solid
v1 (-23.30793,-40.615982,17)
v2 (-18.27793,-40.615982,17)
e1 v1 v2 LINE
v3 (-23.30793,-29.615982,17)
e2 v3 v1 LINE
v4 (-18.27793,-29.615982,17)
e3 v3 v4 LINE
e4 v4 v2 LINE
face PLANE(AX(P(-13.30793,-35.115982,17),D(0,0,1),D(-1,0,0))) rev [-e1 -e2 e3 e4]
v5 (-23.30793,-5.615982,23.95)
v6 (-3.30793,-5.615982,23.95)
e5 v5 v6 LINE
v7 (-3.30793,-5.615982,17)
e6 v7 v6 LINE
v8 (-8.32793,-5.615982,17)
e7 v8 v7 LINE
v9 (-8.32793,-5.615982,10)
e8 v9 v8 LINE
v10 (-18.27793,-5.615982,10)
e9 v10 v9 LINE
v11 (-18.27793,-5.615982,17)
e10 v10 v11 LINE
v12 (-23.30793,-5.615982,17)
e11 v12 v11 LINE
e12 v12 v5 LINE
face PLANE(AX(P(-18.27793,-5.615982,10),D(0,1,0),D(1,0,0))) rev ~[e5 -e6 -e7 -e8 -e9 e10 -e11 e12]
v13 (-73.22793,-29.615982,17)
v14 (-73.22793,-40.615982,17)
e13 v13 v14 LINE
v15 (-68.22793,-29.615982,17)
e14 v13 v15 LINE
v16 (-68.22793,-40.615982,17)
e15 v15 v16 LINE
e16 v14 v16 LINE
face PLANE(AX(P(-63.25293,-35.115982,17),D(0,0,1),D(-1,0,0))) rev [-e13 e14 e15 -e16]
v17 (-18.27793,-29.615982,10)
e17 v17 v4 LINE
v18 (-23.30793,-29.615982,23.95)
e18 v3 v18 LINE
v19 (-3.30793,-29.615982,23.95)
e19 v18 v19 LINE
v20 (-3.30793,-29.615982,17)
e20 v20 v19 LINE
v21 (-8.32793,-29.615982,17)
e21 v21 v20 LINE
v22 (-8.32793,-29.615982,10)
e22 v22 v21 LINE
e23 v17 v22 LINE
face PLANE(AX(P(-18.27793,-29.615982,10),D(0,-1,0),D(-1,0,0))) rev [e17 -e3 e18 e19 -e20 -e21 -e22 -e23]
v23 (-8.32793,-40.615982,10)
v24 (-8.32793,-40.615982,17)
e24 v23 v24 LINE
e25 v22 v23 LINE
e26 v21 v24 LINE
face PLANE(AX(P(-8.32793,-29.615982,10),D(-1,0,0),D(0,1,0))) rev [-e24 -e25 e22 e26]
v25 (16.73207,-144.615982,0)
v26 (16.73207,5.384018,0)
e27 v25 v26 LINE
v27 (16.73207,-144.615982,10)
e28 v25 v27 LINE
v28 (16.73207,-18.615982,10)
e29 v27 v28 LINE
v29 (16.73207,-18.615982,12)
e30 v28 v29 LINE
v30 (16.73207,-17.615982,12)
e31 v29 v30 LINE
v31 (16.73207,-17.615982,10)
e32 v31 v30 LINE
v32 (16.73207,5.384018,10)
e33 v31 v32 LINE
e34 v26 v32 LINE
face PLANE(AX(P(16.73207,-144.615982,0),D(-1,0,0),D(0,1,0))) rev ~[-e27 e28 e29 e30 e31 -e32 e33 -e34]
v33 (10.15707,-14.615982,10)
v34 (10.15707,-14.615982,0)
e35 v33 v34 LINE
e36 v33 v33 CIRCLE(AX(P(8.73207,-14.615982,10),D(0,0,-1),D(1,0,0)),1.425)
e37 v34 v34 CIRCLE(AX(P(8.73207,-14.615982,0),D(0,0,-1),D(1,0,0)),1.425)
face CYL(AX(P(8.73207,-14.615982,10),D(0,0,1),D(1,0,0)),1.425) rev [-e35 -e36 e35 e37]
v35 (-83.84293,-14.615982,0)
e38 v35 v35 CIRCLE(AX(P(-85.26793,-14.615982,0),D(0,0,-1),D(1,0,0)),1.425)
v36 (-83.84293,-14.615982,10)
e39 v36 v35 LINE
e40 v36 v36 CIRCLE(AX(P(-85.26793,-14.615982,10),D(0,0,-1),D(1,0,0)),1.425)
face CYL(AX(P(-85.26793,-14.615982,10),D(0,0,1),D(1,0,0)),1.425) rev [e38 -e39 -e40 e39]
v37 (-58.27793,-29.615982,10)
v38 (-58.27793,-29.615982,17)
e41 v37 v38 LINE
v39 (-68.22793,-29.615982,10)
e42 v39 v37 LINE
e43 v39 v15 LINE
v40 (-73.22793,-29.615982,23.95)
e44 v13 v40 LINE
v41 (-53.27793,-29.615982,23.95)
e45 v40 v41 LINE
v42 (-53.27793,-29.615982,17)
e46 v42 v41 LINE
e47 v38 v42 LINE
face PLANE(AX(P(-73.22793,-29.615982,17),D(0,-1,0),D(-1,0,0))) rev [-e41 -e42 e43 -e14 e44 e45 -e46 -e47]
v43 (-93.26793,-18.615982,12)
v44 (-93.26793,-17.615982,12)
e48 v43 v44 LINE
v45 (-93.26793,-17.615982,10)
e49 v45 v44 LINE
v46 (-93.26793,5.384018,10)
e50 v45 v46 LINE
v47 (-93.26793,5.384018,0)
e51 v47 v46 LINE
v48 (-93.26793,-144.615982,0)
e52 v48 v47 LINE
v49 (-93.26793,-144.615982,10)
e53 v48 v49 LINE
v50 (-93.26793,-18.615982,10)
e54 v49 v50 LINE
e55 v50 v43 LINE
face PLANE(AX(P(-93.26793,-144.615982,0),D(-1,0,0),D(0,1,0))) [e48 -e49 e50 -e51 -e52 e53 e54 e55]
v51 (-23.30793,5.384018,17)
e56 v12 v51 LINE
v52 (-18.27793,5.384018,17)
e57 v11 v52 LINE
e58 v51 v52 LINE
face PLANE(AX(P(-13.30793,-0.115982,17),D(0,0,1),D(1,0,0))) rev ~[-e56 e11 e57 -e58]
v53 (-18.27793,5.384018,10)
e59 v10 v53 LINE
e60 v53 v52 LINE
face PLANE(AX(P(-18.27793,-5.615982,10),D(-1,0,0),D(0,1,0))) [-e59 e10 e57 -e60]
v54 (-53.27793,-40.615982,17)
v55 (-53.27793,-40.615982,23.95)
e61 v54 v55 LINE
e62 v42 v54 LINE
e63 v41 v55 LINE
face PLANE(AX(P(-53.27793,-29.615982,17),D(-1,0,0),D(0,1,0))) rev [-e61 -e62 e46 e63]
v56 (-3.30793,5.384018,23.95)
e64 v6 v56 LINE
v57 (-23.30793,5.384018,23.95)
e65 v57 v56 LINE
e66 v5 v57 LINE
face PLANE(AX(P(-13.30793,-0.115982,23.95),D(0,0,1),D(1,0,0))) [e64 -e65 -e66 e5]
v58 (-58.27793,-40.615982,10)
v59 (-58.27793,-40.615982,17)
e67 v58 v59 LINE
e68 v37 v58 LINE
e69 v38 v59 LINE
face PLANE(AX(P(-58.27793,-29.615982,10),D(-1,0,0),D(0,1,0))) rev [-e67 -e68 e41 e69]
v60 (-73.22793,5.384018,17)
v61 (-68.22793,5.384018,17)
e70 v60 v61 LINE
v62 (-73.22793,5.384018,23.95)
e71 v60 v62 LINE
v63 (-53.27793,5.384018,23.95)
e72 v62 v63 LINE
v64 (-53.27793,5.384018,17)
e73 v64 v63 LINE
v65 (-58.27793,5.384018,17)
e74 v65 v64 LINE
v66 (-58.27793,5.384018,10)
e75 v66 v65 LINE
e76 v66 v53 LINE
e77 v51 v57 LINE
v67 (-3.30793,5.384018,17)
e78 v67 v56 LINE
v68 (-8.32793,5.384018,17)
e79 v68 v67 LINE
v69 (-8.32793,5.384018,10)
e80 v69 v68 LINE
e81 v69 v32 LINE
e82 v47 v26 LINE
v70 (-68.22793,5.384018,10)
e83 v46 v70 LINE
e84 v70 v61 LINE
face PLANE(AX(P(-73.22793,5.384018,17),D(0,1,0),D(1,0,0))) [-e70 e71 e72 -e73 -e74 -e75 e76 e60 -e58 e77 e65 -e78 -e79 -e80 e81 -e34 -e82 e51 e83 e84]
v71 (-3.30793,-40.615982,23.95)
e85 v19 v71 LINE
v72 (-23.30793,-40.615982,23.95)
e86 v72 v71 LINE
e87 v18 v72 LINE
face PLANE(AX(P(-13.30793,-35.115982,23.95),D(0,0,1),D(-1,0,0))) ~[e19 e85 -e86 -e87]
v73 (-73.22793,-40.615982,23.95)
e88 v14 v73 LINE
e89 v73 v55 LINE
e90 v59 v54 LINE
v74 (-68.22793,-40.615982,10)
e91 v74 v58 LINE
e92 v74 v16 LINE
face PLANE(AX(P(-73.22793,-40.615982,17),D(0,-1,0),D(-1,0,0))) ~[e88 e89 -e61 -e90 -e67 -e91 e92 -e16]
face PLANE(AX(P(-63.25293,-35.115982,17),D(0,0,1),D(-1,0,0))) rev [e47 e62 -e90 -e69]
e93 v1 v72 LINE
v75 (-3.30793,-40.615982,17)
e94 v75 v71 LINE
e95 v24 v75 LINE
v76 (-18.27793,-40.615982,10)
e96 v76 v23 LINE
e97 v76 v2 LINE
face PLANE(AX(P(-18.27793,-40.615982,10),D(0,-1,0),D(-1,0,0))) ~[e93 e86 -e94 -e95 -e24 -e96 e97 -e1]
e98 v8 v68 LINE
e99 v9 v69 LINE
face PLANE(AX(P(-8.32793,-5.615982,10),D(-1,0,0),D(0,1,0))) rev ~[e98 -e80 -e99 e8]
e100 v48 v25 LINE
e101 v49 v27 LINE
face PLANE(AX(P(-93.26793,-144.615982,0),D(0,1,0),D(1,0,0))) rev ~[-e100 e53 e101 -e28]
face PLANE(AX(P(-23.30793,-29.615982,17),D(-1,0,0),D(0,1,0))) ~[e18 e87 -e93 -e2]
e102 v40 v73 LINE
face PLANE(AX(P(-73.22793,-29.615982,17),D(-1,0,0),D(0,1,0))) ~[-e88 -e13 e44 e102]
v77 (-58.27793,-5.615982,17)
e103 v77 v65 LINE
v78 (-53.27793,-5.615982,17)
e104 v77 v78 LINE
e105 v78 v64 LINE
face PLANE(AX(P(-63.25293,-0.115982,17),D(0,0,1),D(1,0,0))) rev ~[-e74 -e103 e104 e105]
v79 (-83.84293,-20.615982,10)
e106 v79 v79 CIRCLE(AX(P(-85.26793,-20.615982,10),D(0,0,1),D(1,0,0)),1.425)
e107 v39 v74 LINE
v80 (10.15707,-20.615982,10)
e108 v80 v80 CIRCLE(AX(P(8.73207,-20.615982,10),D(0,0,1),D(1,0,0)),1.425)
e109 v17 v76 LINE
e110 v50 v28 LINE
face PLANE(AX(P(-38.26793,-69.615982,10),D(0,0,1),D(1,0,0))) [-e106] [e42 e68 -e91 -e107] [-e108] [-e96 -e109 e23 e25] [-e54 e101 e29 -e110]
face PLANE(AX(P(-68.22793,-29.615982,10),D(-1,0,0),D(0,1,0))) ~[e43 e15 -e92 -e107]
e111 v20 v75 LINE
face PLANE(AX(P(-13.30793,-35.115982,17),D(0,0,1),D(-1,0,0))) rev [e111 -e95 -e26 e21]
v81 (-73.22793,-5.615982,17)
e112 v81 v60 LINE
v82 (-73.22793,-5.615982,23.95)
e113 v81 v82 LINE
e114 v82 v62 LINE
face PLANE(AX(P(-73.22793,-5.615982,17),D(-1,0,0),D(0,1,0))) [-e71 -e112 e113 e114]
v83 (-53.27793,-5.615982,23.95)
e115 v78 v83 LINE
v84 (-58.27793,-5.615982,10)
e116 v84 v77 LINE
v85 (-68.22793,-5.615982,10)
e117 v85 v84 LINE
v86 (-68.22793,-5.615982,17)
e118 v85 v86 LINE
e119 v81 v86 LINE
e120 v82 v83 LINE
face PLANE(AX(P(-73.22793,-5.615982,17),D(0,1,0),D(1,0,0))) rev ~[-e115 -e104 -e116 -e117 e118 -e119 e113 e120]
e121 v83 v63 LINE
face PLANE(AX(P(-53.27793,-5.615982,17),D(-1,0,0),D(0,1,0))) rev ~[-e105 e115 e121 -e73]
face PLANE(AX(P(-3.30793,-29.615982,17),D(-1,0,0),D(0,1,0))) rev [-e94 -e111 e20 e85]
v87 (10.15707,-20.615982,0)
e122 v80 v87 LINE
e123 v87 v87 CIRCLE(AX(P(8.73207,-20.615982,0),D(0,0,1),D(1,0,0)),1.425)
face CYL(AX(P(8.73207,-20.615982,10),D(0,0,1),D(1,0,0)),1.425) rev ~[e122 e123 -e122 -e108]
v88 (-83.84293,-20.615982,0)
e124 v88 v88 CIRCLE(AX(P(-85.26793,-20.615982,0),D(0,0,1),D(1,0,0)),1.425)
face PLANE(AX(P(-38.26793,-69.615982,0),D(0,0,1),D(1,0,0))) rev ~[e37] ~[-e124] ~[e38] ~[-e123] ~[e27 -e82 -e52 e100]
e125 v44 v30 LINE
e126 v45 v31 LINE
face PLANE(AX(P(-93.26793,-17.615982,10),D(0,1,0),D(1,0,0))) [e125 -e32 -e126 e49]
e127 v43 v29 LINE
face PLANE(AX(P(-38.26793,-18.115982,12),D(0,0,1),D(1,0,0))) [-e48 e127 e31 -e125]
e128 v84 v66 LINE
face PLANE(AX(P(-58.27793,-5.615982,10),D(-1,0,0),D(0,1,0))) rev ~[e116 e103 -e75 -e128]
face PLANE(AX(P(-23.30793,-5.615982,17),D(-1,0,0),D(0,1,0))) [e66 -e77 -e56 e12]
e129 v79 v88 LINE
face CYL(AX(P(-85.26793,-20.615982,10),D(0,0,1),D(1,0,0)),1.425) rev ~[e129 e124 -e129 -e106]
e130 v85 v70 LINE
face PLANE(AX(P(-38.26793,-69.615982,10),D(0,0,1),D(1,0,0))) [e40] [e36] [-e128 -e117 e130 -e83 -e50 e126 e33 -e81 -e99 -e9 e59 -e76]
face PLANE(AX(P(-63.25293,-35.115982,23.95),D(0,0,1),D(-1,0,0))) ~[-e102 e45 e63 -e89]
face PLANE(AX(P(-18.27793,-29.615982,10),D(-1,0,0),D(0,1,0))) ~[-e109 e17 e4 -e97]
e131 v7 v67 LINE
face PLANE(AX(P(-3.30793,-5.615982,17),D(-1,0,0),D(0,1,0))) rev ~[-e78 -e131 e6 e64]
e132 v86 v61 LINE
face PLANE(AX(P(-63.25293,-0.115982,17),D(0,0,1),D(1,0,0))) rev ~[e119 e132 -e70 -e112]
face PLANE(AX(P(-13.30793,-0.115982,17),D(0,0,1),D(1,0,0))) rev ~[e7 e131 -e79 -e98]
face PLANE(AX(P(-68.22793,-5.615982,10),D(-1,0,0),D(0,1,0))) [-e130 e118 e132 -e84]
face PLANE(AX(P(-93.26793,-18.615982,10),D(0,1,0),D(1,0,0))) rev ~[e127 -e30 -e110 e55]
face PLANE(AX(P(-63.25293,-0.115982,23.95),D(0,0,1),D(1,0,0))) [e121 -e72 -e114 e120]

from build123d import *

# Parameters (mm, degrees)
SKETCH1_W           = 110
SKETCH1_H           = 150
BOSS_EXTRUDE1_DEPTH = 10
SKETCH2_W           = 9.95
SKETCH2_H           = 11
BOSS_EXTRUDE2_DEPTH = 7
SKETCH3_W           = 19.95
SKETCH3_H           = 11
SKETCH3_W_2         = 20
BOSS_EXTRUDE3_DEPTH = 6.95
SKETCH6_R           = 1.425
CUT_EXTRUDE1_DEPTH  = 10
SKETCH7_W           = 110
SKETCH7_H           = 1
BOSS_EXTRUDE4_DEPTH = 2


with BuildPart() as part:
    # Sketch1 → Boss-Extrude1 (new body)
    with BuildSketch(Plane.XY):
        with Locations((-38.267930395, -69.615981522)):
            Rectangle(SKETCH1_W, SKETCH1_H)
    extrude(amount=BOSS_EXTRUDE1_DEPTH)

    # Sketch2 → Boss-Extrude2 (add)
    with BuildSketch(Plane.XY.offset(10)):
        with Locations((-63.252930395, -0.115981522)):
            Rectangle(SKETCH2_W, SKETCH2_H)
        with Locations((-13.302930395, -0.115981522)):
            Rectangle(SKETCH2_W, SKETCH2_H)
    boss_extrude2 = extrude(amount=BOSS_EXTRUDE2_DEPTH)

    # Sketch3 → Boss-Extrude3 (add)
    with BuildSketch(Plane.XY.offset(17)):
        with Locations((-63.252930395, -0.115981522)):
            Rectangle(SKETCH3_W, SKETCH3_H)
        with Locations((-13.307930395, -0.115981522)):
            Rectangle(SKETCH3_W_2, SKETCH3_H)
    boss_extrude3 = extrude(amount=BOSS_EXTRUDE3_DEPTH)

    # Sketch6 → Cut-Extrude1 (cut)
    with BuildSketch(Plane.XY.offset(10)):
        with Locations((-85.267930395, -20.615981522)):
            Circle(SKETCH6_R)
        with Locations((8.732069605, -20.615981522)):
            Circle(SKETCH6_R)
    cut_extrude1 = extrude(amount=-CUT_EXTRUDE1_DEPTH, mode=Mode.SUBTRACT)

    # Sketch7 → Boss-Extrude4 (add)
    with BuildSketch(Plane.XY.offset(10)):
        with Locations((-38.267930395, -18.115981522)):
            Rectangle(SKETCH7_W, SKETCH7_H)
    extrude(amount=BOSS_EXTRUDE4_DEPTH)

    # Mirror1: Boss-Extrude2, Boss-Extrude3, Cut-Extrude1 across plane
    add(boss_extrude2.mirror(Plane(origin=(16.732069605, -17.615981522, 12), x_dir=(0, 0, 1), z_dir=(0, -1, 0))))
    add(boss_extrude3.mirror(Plane(origin=(16.732069605, -17.615981522, 12), x_dir=(0, 0, 1), z_dir=(0, -1, 0))))
    add(cut_extrude1.mirror(Plane(origin=(16.732069605, -17.615981522, 12), x_dir=(0, 0, 1), z_dir=(0, -1, 0))), mode=Mode.SUBTRACT)


solid = part.part
